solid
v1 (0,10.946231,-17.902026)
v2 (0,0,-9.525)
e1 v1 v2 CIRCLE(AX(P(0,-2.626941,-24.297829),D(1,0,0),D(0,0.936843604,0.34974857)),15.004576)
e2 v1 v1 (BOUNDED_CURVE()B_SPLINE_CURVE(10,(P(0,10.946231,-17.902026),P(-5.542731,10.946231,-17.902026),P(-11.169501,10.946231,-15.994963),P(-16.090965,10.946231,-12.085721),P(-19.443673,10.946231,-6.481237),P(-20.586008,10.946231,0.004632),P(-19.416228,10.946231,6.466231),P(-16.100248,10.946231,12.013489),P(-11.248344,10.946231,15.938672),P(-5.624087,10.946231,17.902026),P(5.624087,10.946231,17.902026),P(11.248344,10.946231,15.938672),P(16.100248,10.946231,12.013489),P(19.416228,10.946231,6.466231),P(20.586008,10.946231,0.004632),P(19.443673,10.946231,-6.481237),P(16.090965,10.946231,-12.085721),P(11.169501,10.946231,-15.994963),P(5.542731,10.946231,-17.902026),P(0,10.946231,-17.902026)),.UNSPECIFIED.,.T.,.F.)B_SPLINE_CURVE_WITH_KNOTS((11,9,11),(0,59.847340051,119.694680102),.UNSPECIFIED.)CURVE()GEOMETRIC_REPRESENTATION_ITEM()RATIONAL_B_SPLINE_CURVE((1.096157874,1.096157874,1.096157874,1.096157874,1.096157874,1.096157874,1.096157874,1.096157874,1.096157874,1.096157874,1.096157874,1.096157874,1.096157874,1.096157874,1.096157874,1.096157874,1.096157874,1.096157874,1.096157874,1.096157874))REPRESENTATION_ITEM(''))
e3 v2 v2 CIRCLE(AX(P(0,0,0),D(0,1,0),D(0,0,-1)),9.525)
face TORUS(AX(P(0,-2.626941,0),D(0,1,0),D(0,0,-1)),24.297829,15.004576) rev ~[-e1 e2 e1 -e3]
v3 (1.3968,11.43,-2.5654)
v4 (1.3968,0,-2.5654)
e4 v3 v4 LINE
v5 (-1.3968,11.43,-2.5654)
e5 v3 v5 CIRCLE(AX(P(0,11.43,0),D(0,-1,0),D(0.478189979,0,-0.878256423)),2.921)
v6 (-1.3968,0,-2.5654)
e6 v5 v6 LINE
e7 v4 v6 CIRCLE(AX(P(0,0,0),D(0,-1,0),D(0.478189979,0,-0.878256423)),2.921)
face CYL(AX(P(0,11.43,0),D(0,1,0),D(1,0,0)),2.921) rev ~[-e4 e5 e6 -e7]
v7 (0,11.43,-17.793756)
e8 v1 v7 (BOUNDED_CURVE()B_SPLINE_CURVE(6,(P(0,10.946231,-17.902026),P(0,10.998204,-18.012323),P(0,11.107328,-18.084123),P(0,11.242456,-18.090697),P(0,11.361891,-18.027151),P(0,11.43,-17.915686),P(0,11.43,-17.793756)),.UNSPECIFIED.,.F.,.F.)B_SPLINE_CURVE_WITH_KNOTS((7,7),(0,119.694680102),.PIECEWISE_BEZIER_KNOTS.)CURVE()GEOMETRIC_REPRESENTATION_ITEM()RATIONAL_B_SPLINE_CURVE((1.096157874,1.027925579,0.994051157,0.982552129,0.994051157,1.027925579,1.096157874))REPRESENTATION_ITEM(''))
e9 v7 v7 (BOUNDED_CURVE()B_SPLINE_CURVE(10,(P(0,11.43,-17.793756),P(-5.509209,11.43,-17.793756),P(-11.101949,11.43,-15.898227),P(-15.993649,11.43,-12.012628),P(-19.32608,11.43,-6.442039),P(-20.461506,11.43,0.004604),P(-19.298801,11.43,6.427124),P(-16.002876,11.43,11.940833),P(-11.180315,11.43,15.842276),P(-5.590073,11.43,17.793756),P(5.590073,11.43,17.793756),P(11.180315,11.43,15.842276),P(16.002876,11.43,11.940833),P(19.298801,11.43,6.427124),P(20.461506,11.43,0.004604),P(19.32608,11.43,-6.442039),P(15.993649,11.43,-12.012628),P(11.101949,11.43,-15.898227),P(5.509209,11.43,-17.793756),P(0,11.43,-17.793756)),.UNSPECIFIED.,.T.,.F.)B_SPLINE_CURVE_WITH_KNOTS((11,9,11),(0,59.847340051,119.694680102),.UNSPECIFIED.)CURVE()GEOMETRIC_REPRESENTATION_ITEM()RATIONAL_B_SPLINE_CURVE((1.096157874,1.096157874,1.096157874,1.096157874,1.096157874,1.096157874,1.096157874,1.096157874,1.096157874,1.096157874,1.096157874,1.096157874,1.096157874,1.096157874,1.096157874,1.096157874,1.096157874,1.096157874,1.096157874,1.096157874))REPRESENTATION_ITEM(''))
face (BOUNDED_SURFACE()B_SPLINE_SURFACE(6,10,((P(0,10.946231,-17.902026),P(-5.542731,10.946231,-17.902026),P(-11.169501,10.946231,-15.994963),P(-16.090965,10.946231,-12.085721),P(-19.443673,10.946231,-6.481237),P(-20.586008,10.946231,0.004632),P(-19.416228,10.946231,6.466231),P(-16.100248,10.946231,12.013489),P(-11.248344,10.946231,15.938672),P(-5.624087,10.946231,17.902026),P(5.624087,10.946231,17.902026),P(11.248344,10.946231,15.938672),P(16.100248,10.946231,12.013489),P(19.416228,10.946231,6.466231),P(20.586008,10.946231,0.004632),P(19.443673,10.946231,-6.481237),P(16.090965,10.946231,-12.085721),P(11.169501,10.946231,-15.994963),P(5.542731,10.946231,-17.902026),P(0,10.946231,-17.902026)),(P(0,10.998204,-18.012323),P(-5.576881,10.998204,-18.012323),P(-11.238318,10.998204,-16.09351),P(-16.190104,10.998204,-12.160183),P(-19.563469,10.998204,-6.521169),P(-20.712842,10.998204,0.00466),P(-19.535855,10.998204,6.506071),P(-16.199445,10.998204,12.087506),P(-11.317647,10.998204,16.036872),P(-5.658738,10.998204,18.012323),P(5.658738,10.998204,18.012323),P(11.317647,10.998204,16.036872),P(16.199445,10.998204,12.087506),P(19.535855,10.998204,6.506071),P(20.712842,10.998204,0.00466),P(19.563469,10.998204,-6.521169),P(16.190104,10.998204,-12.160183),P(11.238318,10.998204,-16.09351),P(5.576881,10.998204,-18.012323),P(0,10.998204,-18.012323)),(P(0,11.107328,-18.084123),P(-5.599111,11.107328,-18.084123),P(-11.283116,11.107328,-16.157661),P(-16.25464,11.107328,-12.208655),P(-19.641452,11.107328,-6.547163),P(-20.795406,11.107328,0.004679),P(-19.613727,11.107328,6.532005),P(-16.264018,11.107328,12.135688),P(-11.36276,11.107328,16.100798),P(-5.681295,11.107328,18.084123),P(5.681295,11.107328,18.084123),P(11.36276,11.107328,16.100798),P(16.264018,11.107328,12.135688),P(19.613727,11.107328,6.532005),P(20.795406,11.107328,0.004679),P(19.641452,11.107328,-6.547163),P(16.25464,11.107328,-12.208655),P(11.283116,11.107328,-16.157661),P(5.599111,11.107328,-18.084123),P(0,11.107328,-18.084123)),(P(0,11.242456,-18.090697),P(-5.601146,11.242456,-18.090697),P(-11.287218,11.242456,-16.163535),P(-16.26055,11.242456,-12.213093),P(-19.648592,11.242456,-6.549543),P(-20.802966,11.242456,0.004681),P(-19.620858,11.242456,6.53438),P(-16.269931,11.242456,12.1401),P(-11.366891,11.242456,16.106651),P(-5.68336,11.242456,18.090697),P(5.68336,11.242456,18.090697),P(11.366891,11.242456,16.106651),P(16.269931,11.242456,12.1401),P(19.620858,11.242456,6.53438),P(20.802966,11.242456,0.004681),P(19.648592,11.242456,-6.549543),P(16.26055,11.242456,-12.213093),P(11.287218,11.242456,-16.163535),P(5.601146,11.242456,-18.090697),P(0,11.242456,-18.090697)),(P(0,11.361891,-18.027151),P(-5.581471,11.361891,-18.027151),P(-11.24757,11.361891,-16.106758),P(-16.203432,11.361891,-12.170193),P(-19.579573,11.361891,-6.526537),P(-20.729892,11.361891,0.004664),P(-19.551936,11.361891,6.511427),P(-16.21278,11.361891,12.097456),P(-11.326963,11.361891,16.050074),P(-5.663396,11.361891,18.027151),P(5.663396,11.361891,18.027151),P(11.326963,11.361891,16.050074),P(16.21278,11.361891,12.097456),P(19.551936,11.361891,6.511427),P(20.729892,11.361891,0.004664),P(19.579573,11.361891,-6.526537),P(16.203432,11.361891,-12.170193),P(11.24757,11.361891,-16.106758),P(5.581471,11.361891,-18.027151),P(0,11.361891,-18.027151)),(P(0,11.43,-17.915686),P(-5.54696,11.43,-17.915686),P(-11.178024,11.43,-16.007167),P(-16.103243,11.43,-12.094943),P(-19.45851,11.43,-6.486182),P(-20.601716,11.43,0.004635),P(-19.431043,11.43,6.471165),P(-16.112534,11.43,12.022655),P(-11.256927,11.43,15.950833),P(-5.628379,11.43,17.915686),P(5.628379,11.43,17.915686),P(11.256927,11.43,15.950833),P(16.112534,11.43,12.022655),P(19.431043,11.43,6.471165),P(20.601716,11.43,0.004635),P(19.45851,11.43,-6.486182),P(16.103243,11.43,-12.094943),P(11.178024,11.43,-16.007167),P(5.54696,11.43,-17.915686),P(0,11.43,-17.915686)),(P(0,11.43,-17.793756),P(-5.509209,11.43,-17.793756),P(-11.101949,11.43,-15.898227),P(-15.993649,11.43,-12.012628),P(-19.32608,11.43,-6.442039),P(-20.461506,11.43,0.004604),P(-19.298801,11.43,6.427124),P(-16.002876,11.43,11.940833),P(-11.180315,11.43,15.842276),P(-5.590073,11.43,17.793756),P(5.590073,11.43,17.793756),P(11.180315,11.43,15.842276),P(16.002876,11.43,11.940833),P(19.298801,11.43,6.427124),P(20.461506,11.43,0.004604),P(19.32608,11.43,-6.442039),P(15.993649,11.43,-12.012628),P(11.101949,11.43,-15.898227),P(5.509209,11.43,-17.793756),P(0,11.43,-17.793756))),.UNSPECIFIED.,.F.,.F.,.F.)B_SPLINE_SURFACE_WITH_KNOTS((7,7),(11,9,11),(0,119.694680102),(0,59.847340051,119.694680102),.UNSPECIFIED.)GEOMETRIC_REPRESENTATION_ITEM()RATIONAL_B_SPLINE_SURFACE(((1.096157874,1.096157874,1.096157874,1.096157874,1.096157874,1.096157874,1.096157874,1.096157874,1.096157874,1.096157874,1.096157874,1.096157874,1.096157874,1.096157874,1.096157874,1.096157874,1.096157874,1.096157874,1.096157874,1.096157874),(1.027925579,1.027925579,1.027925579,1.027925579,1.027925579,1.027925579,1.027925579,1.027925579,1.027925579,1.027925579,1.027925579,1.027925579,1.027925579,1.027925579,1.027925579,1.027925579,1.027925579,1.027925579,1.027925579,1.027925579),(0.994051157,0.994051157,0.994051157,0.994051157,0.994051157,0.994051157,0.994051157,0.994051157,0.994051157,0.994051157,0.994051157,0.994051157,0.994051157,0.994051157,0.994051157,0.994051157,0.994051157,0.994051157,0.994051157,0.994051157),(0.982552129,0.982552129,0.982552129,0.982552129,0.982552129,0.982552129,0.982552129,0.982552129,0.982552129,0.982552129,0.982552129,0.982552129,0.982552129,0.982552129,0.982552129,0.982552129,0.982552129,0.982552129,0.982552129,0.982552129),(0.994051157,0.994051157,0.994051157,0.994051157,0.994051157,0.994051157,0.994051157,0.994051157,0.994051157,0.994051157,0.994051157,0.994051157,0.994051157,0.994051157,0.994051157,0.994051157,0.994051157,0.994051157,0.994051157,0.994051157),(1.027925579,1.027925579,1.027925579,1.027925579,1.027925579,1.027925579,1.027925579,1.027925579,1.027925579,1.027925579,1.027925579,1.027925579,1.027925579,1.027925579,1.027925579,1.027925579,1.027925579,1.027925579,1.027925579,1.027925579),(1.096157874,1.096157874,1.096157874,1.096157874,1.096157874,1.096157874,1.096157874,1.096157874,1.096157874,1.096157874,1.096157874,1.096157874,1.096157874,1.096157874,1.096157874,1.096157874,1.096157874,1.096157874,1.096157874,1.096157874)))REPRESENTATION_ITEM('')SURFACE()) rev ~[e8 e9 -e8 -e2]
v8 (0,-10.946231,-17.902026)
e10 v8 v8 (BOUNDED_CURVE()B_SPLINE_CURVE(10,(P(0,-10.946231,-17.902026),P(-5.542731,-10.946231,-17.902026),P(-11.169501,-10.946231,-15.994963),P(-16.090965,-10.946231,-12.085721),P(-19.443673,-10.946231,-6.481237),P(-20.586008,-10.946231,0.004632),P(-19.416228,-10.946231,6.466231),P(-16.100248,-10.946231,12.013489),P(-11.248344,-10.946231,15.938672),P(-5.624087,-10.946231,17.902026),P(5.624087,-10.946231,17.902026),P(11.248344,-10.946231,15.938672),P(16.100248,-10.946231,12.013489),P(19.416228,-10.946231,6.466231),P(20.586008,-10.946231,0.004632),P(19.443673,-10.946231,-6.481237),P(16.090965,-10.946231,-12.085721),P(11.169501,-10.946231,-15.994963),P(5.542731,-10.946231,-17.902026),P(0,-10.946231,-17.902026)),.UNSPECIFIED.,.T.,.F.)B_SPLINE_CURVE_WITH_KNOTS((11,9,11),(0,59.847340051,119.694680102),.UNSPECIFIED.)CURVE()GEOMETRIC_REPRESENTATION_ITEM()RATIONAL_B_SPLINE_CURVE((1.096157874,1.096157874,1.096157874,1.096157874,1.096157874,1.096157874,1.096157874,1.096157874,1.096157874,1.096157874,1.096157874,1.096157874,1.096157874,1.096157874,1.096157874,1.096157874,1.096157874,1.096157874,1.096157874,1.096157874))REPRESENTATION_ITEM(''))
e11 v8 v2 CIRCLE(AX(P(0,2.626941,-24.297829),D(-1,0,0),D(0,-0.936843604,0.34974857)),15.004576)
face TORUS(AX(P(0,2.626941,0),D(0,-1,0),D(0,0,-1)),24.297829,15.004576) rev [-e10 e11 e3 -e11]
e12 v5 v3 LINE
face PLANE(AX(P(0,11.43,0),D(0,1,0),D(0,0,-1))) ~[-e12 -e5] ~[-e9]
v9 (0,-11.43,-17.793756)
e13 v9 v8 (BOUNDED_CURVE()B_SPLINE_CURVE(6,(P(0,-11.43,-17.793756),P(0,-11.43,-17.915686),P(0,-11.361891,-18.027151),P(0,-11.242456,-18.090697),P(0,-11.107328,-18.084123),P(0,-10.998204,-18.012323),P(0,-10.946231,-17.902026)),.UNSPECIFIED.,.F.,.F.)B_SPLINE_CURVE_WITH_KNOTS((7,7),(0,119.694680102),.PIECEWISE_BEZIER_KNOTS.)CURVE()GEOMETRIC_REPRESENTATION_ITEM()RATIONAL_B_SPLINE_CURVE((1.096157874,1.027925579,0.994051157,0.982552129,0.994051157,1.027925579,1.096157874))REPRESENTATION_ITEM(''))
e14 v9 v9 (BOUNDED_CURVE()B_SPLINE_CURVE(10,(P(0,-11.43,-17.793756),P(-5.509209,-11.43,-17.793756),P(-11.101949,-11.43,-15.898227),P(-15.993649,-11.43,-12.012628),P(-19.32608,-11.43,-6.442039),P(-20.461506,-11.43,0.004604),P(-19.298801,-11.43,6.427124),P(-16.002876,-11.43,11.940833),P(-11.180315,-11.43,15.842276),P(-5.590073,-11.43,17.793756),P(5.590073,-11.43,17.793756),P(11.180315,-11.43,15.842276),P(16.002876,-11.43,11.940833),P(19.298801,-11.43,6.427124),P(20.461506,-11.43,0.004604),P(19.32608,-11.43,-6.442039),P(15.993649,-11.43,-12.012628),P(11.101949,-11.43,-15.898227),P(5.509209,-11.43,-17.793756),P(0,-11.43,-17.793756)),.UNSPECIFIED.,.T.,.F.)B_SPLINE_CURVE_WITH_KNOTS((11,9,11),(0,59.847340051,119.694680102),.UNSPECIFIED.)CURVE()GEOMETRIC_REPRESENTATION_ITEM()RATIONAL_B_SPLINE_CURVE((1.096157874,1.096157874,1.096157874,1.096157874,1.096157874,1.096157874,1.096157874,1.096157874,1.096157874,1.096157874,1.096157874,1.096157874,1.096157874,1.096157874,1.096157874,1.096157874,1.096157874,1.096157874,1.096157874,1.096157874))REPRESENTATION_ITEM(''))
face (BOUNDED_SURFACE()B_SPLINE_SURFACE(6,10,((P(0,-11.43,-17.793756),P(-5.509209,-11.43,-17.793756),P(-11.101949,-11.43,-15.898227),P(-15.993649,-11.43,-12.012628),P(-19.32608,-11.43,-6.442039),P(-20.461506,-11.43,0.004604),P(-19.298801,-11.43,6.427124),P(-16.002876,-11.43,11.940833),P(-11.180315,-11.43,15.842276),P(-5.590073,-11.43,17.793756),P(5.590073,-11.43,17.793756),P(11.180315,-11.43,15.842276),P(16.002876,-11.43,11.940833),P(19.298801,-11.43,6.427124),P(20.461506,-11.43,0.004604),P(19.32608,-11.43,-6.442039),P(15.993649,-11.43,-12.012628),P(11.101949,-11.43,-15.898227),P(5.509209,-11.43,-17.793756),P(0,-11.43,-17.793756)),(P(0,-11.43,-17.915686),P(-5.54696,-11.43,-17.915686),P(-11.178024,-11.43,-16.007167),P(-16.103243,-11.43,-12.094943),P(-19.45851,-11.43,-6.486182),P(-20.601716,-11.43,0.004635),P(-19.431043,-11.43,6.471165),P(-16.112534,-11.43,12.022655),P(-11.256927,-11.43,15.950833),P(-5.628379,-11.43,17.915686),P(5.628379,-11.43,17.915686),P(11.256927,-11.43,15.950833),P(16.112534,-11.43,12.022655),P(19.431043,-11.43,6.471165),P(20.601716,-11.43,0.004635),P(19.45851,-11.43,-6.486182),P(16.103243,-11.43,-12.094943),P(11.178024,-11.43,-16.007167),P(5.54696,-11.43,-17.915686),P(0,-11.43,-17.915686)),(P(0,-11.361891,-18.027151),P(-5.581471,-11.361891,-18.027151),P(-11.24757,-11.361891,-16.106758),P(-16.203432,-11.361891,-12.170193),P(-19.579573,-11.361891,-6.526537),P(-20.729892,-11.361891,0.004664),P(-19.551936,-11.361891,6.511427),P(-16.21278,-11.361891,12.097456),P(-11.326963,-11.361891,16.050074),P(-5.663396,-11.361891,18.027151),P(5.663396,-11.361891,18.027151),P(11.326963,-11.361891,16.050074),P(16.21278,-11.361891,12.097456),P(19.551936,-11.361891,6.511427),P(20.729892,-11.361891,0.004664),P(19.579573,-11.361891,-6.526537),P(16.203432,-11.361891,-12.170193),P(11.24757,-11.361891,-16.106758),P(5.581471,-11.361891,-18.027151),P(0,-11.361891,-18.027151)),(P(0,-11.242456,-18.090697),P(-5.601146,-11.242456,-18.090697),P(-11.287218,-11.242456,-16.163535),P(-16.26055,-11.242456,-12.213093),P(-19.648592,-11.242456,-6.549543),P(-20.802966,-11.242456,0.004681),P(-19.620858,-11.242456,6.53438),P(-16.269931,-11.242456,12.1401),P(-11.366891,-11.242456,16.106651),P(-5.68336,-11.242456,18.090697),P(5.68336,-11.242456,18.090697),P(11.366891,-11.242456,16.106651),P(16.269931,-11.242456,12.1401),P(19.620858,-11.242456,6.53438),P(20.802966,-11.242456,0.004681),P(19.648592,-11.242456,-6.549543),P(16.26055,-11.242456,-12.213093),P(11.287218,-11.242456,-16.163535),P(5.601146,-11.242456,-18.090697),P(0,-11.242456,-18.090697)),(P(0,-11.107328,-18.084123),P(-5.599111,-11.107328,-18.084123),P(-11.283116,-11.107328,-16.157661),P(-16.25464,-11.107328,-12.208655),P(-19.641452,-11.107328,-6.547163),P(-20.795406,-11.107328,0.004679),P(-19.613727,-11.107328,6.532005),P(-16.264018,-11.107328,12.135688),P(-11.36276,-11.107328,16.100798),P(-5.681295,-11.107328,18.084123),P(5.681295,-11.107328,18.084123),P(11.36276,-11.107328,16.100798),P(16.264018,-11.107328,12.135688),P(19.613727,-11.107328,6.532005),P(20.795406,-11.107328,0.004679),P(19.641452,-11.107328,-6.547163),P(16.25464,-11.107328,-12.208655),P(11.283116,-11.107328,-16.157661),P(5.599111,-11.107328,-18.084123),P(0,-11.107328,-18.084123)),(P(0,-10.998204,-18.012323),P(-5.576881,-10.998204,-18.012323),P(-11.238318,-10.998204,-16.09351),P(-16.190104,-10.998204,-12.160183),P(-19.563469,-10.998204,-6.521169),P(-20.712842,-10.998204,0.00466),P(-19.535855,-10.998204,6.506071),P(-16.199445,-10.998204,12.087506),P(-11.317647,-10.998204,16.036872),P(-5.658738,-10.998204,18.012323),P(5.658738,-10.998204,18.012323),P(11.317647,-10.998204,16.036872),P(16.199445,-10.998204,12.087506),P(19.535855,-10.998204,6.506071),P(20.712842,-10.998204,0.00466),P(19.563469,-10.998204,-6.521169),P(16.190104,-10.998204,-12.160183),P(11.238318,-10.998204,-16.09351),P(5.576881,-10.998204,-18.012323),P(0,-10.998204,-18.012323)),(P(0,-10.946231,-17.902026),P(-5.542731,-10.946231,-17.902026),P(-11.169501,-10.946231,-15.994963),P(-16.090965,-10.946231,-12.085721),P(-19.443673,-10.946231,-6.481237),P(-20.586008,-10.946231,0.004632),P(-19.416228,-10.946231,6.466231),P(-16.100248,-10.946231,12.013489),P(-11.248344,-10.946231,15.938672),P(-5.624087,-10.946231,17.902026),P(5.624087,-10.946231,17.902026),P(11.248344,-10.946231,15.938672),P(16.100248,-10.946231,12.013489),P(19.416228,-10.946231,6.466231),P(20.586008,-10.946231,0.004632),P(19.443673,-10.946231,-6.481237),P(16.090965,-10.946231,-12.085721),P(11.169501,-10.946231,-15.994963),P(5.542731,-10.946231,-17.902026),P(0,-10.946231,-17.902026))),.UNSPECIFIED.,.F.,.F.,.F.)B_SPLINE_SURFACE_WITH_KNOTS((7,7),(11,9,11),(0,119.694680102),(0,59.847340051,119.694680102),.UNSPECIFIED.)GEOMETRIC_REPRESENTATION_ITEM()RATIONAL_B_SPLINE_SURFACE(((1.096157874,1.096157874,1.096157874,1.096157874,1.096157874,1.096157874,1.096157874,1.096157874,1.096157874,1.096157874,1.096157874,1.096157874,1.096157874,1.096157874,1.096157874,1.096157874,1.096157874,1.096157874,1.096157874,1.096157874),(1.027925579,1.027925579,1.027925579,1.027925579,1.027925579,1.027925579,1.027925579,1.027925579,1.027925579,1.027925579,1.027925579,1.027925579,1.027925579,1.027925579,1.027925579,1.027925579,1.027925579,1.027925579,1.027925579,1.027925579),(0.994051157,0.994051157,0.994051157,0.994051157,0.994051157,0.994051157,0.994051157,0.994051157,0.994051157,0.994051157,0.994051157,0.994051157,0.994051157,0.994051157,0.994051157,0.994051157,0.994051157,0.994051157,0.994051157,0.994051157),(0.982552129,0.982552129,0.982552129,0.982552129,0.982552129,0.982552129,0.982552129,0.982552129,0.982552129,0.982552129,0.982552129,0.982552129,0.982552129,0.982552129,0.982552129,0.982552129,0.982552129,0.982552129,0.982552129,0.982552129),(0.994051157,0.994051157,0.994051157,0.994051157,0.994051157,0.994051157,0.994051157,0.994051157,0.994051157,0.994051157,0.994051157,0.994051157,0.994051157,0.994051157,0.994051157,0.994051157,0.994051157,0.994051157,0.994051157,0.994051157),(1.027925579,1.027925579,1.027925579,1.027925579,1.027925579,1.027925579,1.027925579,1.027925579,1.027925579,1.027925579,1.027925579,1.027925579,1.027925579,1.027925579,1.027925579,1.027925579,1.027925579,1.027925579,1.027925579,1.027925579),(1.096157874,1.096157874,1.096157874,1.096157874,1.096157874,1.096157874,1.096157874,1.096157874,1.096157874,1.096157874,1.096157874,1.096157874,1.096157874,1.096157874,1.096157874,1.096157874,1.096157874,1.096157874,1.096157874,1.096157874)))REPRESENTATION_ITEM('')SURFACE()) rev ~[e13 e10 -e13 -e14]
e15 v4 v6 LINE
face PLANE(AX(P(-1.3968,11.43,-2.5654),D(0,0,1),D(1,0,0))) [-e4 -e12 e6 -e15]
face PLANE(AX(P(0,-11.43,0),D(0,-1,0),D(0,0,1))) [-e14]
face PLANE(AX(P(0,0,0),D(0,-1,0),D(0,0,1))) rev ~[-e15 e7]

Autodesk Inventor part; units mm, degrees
ref_plane "YZ Plane" through (0, 0, 0) normal (1, 0, 0) x (0, 1, 0)
ref_plane "XZ Plane" through (0, 0, 0) normal (0, 1, 0) x (-1, 0, 0)
ref_plane "XY Plane" through (0, 0, 0) normal (0, 0, 1) x (1, 0, 0)
sketch "Sketch4" plane through (0, 0, 0) normal (1, 0, 0) x (0, 1, 0)
  line L0 (0, 0) -> (0, -9.525)
  line L1 (0, 0) -> (11.43, 0)
  line L2 (11.43, 0) -> (11.43, -19.05)
  arc A0 (11.43, -19.05) -> (0, -9.525) centre (-2.6269, -24.2978) ccw
  dimension "d18" = 9.525
  dimension "d19" = 11.43
  dimension "d20" = 19.05
revolve "Revolution1" add sketch "Sketch4" angle 360 about axis through (0, 0, 0) along (0, 1, 0)
sketch "Sketch5" plane through (0, 11.43, 0) normal (0, 1, 0) x (1, 0, 0)
  circle A0 centre (0, 0) radius 2.921
  line L0 (-1.3968, 2.5654) -> (1.3968, 2.5654)
  dimension "d22" = 5.842
  dimension "d23" = 2.5654
extrude "Extrusion1" cut sketch "Sketch5" against normal through all contours A0 L0 picked at (-0.1728, -0.6264)
mirror "Mirror2" about plane through (0, 0, 0) normal (0, -1, 0) of "Revolution1"
fillet "Fillet1" radius 0.254 2 edges at (0, 11.43, 19.05) (0, -11.43, 19.05)
properties part number "spool"
